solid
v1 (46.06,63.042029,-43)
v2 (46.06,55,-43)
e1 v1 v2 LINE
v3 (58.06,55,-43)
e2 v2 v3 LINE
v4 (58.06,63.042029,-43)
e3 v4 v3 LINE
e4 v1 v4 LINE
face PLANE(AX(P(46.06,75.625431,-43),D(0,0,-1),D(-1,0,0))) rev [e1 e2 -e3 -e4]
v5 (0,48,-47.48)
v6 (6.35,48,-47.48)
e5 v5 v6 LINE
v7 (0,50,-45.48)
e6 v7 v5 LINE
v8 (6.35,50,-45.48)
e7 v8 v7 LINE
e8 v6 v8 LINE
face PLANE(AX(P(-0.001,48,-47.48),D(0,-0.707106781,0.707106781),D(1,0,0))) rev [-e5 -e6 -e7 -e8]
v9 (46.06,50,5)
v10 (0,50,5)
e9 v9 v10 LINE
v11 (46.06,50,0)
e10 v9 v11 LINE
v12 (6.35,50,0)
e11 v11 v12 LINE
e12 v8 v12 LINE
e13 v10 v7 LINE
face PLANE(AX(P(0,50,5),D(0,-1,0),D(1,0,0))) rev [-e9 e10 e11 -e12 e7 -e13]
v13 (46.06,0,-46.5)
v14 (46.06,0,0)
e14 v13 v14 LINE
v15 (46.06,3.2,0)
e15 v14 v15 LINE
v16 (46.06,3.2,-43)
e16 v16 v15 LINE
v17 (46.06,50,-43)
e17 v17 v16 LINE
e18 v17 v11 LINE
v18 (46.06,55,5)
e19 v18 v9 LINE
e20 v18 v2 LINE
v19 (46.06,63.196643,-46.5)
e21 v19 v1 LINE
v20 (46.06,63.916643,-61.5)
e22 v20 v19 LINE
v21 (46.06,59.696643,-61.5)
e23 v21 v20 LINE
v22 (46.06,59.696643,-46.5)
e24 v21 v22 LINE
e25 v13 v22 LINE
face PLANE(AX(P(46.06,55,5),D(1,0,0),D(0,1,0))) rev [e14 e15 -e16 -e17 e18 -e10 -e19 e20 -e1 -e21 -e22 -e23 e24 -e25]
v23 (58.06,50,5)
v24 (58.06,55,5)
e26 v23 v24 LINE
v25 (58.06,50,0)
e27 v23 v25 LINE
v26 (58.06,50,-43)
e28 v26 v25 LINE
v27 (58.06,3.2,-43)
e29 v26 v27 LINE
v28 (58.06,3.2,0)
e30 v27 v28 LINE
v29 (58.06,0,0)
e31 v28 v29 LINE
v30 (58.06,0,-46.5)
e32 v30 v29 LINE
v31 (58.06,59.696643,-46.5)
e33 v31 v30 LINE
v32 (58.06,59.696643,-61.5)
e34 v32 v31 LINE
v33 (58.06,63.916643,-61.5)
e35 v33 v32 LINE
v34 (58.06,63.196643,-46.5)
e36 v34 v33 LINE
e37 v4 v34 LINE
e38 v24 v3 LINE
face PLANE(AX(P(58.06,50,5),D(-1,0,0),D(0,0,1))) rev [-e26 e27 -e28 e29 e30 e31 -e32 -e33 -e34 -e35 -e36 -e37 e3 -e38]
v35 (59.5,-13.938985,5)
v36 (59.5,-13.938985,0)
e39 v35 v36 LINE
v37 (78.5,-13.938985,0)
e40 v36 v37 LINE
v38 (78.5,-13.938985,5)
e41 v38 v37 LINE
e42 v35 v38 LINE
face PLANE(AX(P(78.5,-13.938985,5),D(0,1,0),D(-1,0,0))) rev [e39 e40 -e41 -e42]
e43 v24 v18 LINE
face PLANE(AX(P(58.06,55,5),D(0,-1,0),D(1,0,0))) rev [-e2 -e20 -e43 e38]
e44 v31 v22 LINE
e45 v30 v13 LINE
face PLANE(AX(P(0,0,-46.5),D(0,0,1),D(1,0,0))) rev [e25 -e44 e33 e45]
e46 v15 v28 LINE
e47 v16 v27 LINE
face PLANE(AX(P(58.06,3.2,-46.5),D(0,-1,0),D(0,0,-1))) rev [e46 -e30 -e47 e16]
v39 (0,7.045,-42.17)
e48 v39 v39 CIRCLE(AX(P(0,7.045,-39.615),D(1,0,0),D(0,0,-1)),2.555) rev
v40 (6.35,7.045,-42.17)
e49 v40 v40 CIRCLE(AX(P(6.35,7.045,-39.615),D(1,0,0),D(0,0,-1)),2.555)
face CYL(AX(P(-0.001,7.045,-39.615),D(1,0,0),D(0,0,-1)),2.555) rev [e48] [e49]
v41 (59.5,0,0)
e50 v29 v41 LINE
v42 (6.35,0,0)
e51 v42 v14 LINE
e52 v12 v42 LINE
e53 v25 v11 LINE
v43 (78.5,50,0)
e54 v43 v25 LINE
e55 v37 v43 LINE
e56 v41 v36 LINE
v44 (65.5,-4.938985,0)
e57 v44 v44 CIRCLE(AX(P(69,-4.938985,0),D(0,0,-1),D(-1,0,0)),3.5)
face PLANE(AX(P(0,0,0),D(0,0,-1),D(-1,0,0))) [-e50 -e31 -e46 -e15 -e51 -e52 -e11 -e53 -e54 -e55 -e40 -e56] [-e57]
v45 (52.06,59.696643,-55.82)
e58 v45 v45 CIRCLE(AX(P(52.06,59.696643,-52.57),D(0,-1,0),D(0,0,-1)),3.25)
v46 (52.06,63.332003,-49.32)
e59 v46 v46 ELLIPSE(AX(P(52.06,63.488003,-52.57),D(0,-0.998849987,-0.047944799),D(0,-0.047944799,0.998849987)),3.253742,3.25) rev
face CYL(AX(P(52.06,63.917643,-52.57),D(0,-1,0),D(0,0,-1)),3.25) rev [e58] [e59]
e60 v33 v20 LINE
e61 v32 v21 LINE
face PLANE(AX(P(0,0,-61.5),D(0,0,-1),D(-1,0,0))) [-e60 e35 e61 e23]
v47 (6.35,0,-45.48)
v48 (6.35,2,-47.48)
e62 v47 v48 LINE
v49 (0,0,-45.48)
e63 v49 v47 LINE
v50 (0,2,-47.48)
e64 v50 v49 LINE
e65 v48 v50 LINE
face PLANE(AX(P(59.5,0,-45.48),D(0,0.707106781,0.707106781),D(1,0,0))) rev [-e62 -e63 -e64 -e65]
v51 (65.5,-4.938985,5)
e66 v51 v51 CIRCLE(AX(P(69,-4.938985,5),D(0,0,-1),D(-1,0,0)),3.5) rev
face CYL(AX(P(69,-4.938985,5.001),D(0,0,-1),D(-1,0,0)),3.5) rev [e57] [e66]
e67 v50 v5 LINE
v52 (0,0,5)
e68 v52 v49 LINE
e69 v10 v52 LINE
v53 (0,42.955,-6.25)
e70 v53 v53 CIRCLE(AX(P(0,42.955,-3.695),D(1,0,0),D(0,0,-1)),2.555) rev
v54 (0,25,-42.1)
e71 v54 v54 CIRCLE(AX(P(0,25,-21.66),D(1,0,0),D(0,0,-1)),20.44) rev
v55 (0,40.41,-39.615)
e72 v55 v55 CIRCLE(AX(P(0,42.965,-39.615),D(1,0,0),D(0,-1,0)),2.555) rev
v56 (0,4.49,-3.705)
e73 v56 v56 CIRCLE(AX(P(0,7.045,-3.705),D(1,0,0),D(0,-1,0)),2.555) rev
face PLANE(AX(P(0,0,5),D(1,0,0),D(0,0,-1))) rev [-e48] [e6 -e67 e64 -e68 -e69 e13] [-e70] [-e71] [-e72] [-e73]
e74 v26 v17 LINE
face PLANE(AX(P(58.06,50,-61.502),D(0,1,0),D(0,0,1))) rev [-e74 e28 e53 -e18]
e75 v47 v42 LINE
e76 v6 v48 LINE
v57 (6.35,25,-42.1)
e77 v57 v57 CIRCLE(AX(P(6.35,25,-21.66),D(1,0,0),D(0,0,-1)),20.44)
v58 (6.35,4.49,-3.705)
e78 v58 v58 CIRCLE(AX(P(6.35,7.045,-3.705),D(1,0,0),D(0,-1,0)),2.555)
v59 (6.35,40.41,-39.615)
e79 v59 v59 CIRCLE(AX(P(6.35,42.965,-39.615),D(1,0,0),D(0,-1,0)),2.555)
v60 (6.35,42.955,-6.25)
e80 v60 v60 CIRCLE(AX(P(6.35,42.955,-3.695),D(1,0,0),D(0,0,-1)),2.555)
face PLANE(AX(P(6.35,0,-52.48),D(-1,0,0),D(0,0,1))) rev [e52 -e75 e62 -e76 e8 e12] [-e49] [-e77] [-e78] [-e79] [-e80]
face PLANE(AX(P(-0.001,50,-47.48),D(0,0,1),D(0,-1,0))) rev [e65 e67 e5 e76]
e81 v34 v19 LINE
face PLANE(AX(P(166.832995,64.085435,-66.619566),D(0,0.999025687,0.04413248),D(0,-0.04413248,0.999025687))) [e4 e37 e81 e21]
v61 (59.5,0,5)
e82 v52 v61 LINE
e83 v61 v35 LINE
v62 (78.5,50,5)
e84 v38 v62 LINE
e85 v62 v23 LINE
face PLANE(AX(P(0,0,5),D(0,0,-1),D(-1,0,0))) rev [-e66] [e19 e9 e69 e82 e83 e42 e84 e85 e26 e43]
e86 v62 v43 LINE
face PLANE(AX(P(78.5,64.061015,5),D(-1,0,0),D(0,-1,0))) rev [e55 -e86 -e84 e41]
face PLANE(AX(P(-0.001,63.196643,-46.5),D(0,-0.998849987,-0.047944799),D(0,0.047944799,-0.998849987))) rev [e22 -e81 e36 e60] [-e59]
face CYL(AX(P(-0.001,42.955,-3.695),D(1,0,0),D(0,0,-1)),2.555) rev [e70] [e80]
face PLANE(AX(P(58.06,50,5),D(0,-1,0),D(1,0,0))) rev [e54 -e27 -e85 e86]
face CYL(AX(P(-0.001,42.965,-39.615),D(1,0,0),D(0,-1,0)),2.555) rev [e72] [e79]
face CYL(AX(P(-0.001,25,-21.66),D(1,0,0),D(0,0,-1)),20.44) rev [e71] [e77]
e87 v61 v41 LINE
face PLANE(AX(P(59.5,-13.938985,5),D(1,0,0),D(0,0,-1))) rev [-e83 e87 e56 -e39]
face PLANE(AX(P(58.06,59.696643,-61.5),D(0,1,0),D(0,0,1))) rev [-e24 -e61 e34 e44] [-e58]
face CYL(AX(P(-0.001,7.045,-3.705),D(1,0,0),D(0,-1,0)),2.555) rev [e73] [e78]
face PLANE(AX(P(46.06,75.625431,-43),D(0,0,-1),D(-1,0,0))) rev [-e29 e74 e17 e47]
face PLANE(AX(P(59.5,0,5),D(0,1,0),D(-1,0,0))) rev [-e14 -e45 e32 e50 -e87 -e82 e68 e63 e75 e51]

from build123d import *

# Parameters (mm, degrees)
BOSS_EXTRUDE1_DEPTH  = 5
SKETCH2_W            = 6.35
SKETCH2_H            = 50
BOSS_EXTRUDE2_DEPTH  = 52.48
CUT_EXTRUDE1_REACH   = 111.834
SKETCH3_R            = 20.44
SKETCH3_R_2          = 2.555
SKETCH3_W            = 5
SKETCH3_H            = 50
CUT_EXTRUDE2_REACH   = 113.895
SKETCH4_R            = 3.5
CUT_EXTRUDE6_REACH   = 113.895
SKETCH14_W           = 19
SKETCH14_H           = 15.316152196
SKETCH15_W           = 12
SKETCH15_H           = 3.2
BOSS_EXTRUDE7_DEPTH  = 46.5
BOSS_EXTRUDE8_REACH  = 107.356
SKETCH16_W           = 12
SKETCH16_H           = 3.5
SKETCH17_W           = 12
SKETCH17_H           = 3.5
BOSS_EXTRUDE9_DEPTH  = 15
CHAMFER2_SIZE        = 2
SKETCH22_W           = 12
SKETCH22_H           = 15
BOSS_EXTRUDE10_DEPTH = 0.72
CUT_EXTRUDE8_REACH   = 108.012
CUT_EXTRUDE7_REACH   = 125.963
SKETCH18_R           = 3.25
CIRPATTERN2_COUNT    = 2
CIRPATTERN2_ANGLE    = 90
BOSS_EXTRUDE11_REACH = 120.448
SKETCH24_W           = 12
SKETCH24_H           = 5


with BuildPart() as part:
    # Sketch1 → Boss-Extrude1 (new body)
    with BuildSketch(Plane.XY):
        Polygon((0, 0), (0, 50), (46.06, 50), (46.06, 55), (58.06, 55), (58.06, 50), (59.5, 50), (59.5, 64.061014889), (78.5, 64.061014889), (78.5, -13.938985111), (59.5, -13.938985111), (59.5, 0), align=None)
    extrude(amount=BOSS_EXTRUDE1_DEPTH)

    # Sketch2 → Boss-Extrude2 (add)
    with BuildSketch(Plane(origin=(0, 0, 0), x_dir=(-1, 0, 0), z_dir=(0, 0, -1))):
        with Locations((-3.175, 25)):
            Rectangle(SKETCH2_W, SKETCH2_H)
    extrude(amount=BOSS_EXTRUDE2_DEPTH)

    # Sketch3 → Cut-Extrude1 (cut, up to next)
    with BuildSketch(Plane(origin=(6.35, 0, 0), x_dir=(0, 0, -1), z_dir=(1, 0, 0)), mode=Mode.PRIVATE) as cut_extrude1_sk1:
        with Locations((21.66, 25)):
            Circle(SKETCH3_R)
    cut_extrude1_tool1 = extrude(cut_extrude1_sk1.sketch, amount=-CUT_EXTRUDE1_REACH, mode=Mode.PRIVATE) & part.part
    # Sketch3 → Cut-Extrude1 (cut, up to next)
    with BuildSketch(Plane(origin=(6.35, 0, 0), x_dir=(0, 0, -1), z_dir=(1, 0, 0)), mode=Mode.PRIVATE) as cut_extrude1_sk2:
        with Locations((3.695, 42.955)):
            Circle(SKETCH3_R_2)
    cut_extrude1_tool2 = extrude(cut_extrude1_sk2.sketch, amount=-CUT_EXTRUDE1_REACH, mode=Mode.PRIVATE) & part.part
    # Sketch3 → Cut-Extrude1 (cut, up to next)
    with BuildSketch(Plane(origin=(6.35, 0, 0), x_dir=(0, 0, -1), z_dir=(1, 0, 0)), mode=Mode.PRIVATE) as cut_extrude1_sk3:
        with Locations((39.615, 7.045)):
            Circle(SKETCH3_R_2)
    cut_extrude1_tool3 = extrude(cut_extrude1_sk3.sketch, amount=-CUT_EXTRUDE1_REACH, mode=Mode.PRIVATE) & part.part
    # Sketch3 → Cut-Extrude1 (cut, up to next)
    with BuildSketch(Plane(origin=(6.35, 0, 0), x_dir=(0, 0, -1), z_dir=(1, 0, 0)), mode=Mode.PRIVATE) as cut_extrude1_sk4:
        with Locations((49.98, 25)):
            Rectangle(SKETCH3_W, SKETCH3_H)
    cut_extrude1_tool4 = extrude(cut_extrude1_sk4.sketch, amount=-CUT_EXTRUDE1_REACH, mode=Mode.PRIVATE) & part.part
    cut_extrude1_1 = cut_extrude1_tool1.solids().sort_by_distance((6.35, 25, -21.66))[0]
    add(cut_extrude1_1, mode=Mode.SUBTRACT)
    cut_extrude1_2 = cut_extrude1_tool2.solids().sort_by_distance((6.35, 42.955, -3.695))[0]
    add(cut_extrude1_2, mode=Mode.SUBTRACT)
    cut_extrude1_3 = cut_extrude1_tool3.solids().sort_by_distance((6.35, 7.045, -39.615))[0]
    add(cut_extrude1_3, mode=Mode.SUBTRACT)
    cut_extrude1_4 = cut_extrude1_tool4.solids().sort_by_distance((6.35, 25, -49.98))[0]
    add(cut_extrude1_4, mode=Mode.SUBTRACT)
    cut_extrude1 = cut_extrude1_1 + cut_extrude1_2 + cut_extrude1_3 + cut_extrude1_4  # Cut-Extrude1 as one shape, for the pattern or mirror that repeats it

    # Sketch4 → Cut-Extrude2 (cut, up to next)
    with BuildSketch(Plane(origin=(0, 0, 0), x_dir=(-1, 0, 0), z_dir=(0, 0, -1)), mode=Mode.PRIVATE) as cut_extrude2_sk1:
        with Locations((-69, 55.061014889)):
            Circle(SKETCH4_R)
    cut_extrude2_tool1 = extrude(cut_extrude2_sk1.sketch, amount=-CUT_EXTRUDE2_REACH, mode=Mode.PRIVATE) & part.part
    # Sketch4 → Cut-Extrude2 (cut, up to next)
    with BuildSketch(Plane(origin=(0, 0, 0), x_dir=(-1, 0, 0), z_dir=(0, 0, -1)), mode=Mode.PRIVATE) as cut_extrude2_sk2:
        with Locations((-69, -4.938985111)):
            Circle(SKETCH4_R)
    cut_extrude2_tool2 = extrude(cut_extrude2_sk2.sketch, amount=-CUT_EXTRUDE2_REACH, mode=Mode.PRIVATE) & part.part
    add(cut_extrude2_tool1.solids().sort_by_distance((69, 55.061015, 0))[0], mode=Mode.SUBTRACT)
    add(cut_extrude2_tool2.solids().sort_by_distance((69, -4.938985, 0))[0], mode=Mode.SUBTRACT)

    # Sketch14 → Cut-Extrude6 (cut, up to next)
    with BuildSketch(Plane(origin=(0, 0, 0), x_dir=(-1, 0, 0), z_dir=(0, 0, -1)), mode=Mode.PRIVATE) as cut_extrude6_sk1:
        with Locations((-69, 57.658076098)):
            Rectangle(SKETCH14_W, SKETCH14_H)
    cut_extrude6_tool1 = extrude(cut_extrude6_sk1.sketch, amount=-CUT_EXTRUDE6_REACH, mode=Mode.PRIVATE) & part.part
    add(cut_extrude6_tool1.solids().sort_by_distance((69, 57.658076, 0))[0], mode=Mode.SUBTRACT)

    # Sketch15 → Boss-Extrude7 (add)
    with BuildSketch(Plane(origin=(0, 0, 0), x_dir=(-1, 0, 0), z_dir=(0, 0, -1))):
        with Locations((-52.06, 1.6)):
            Rectangle(SKETCH15_W, SKETCH15_H)
    extrude(amount=BOSS_EXTRUDE7_DEPTH)

    # Boss-Extrude8: up to this plane
    boss_extrude8_end = Plane(origin=(166.832994776, 64.085435133, -66.619565524), z_dir=(-1.1416993347548052e-15, 0.9990256874715413, 0.04413247978546202))
    # Sketch16 → Boss-Extrude8 (add, up to the surface)
    with BuildSketch(Plane(origin=(0, 3.2, 0), x_dir=(1, 0, 0), z_dir=(0, 1, 0)), mode=Mode.PRIVATE) as boss_extrude8_sk1:
        with Locations((52.06, 44.75)):
            Rectangle(SKETCH16_W, SKETCH16_H)
    boss_extrude8_tool1 = split(extrude(boss_extrude8_sk1.sketch, amount=BOSS_EXTRUDE8_REACH, mode=Mode.PRIVATE), bisect_by=boss_extrude8_end, keep=Keep.BOTH, mode=Mode.PRIVATE)
    add(boss_extrude8_tool1.solids().sort_by_distance((52.06, 3.2, -44.75))[0])

    # Sketch17 → Boss-Extrude9 (add)
    with BuildSketch(Plane(origin=(0, 0, -46.5), x_dir=(-1, 0, 0), z_dir=(0, 0, -1))):
        with Locations((-52.06, 61.446642853)):
            Rectangle(SKETCH17_W, SKETCH17_H)
    extrude(amount=BOSS_EXTRUDE9_DEPTH)

    # Chamfer2
    chamfer2_edges = [part.edges().sort_by_distance(p)[0] for p in [
        (3.175, 0, -47.48),
        (3.175, 50, -47.48),
    ]]
    chamfer(chamfer2_edges, length=CHAMFER2_SIZE)

    # Sketch22 → Boss-Extrude10 (add)
    with BuildSketch(Plane(origin=(0, 63.196642853, 0), x_dir=(1, 0, 0), z_dir=(0, 1, 0))):
        with Locations((52.06, 54)):
            Rectangle(SKETCH22_W, SKETCH22_H)
    extrude(amount=BOSS_EXTRUDE10_DEPTH)

    # Sketch23 → Cut-Extrude8 (cut, up to next)
    with BuildSketch(Plane(origin=(58.06, 0, 0), x_dir=(0, 0, -1), z_dir=(1, 0, 0)), mode=Mode.PRIVATE) as cut_extrude8_sk1:
        Polygon((46.5, 63.916642853), (46.5, 63.196642853), (61.5, 63.916642853), align=None)
    cut_extrude8_tool1 = extrude(cut_extrude8_sk1.sketch, amount=-CUT_EXTRUDE8_REACH, mode=Mode.PRIVATE) & part.part
    add(cut_extrude8_tool1.solids().sort_by_distance((58.06, 63.676643, -51.5))[0], mode=Mode.SUBTRACT)

    # Cut-Extrude7: up to this plane
    cut_extrude7_end = Plane(origin=(-0.001, 63.196642853, -46.5), z_dir=(-2.1659106514416256e-15, -0.9988499868416298, -0.04794479936839813))
    # Sketch18 → Cut-Extrude7 (cut, up to the surface)
    with BuildSketch(Plane.XZ.offset(-59.696642853), mode=Mode.PRIVATE) as cut_extrude7_sk1:
        with Locations(Location((52.06, -52.57, 0), (0, 0, 270))):
            Circle(SKETCH18_R)
    cut_extrude7_tool1 = split(extrude(cut_extrude7_sk1.sketch, amount=-CUT_EXTRUDE7_REACH, mode=Mode.PRIVATE), bisect_by=cut_extrude7_end, keep=Keep.BOTH, mode=Mode.PRIVATE)
    add(cut_extrude7_tool1.solids().sort_by_distance((52.06, 59.696643, -52.57))[0], mode=Mode.SUBTRACT)

    # CirPattern2: Cut-Extrude1 ×2 about axis
    cirpattern2_axis = Axis((0, 25, -21.66), (-1, 0, 0))
    for i in range(1, CIRPATTERN2_COUNT):
        add(cut_extrude1.rotate(cirpattern2_axis, i * CIRPATTERN2_ANGLE / (CIRPATTERN2_COUNT - 1)), mode=Mode.SUBTRACT)

    # Sketch24 → Boss-Extrude11 (add, up to next)
    with BuildSketch(Plane(origin=(0, 0, 0), x_dir=(-1, 0, 0), z_dir=(0, 0, -1)), mode=Mode.PRIVATE) as boss_extrude11_sk1:
        with Locations((-52.06, 52.5)):
            Rectangle(SKETCH24_W, SKETCH24_H)
    boss_extrude11_tool1 = extrude(boss_extrude11_sk1.sketch, amount=BOSS_EXTRUDE11_REACH, mode=Mode.PRIVATE) - part.part
    add(boss_extrude11_tool1.solids().sort_by_distance((52.06, 52.5, 0))[0])


solid = part.part
